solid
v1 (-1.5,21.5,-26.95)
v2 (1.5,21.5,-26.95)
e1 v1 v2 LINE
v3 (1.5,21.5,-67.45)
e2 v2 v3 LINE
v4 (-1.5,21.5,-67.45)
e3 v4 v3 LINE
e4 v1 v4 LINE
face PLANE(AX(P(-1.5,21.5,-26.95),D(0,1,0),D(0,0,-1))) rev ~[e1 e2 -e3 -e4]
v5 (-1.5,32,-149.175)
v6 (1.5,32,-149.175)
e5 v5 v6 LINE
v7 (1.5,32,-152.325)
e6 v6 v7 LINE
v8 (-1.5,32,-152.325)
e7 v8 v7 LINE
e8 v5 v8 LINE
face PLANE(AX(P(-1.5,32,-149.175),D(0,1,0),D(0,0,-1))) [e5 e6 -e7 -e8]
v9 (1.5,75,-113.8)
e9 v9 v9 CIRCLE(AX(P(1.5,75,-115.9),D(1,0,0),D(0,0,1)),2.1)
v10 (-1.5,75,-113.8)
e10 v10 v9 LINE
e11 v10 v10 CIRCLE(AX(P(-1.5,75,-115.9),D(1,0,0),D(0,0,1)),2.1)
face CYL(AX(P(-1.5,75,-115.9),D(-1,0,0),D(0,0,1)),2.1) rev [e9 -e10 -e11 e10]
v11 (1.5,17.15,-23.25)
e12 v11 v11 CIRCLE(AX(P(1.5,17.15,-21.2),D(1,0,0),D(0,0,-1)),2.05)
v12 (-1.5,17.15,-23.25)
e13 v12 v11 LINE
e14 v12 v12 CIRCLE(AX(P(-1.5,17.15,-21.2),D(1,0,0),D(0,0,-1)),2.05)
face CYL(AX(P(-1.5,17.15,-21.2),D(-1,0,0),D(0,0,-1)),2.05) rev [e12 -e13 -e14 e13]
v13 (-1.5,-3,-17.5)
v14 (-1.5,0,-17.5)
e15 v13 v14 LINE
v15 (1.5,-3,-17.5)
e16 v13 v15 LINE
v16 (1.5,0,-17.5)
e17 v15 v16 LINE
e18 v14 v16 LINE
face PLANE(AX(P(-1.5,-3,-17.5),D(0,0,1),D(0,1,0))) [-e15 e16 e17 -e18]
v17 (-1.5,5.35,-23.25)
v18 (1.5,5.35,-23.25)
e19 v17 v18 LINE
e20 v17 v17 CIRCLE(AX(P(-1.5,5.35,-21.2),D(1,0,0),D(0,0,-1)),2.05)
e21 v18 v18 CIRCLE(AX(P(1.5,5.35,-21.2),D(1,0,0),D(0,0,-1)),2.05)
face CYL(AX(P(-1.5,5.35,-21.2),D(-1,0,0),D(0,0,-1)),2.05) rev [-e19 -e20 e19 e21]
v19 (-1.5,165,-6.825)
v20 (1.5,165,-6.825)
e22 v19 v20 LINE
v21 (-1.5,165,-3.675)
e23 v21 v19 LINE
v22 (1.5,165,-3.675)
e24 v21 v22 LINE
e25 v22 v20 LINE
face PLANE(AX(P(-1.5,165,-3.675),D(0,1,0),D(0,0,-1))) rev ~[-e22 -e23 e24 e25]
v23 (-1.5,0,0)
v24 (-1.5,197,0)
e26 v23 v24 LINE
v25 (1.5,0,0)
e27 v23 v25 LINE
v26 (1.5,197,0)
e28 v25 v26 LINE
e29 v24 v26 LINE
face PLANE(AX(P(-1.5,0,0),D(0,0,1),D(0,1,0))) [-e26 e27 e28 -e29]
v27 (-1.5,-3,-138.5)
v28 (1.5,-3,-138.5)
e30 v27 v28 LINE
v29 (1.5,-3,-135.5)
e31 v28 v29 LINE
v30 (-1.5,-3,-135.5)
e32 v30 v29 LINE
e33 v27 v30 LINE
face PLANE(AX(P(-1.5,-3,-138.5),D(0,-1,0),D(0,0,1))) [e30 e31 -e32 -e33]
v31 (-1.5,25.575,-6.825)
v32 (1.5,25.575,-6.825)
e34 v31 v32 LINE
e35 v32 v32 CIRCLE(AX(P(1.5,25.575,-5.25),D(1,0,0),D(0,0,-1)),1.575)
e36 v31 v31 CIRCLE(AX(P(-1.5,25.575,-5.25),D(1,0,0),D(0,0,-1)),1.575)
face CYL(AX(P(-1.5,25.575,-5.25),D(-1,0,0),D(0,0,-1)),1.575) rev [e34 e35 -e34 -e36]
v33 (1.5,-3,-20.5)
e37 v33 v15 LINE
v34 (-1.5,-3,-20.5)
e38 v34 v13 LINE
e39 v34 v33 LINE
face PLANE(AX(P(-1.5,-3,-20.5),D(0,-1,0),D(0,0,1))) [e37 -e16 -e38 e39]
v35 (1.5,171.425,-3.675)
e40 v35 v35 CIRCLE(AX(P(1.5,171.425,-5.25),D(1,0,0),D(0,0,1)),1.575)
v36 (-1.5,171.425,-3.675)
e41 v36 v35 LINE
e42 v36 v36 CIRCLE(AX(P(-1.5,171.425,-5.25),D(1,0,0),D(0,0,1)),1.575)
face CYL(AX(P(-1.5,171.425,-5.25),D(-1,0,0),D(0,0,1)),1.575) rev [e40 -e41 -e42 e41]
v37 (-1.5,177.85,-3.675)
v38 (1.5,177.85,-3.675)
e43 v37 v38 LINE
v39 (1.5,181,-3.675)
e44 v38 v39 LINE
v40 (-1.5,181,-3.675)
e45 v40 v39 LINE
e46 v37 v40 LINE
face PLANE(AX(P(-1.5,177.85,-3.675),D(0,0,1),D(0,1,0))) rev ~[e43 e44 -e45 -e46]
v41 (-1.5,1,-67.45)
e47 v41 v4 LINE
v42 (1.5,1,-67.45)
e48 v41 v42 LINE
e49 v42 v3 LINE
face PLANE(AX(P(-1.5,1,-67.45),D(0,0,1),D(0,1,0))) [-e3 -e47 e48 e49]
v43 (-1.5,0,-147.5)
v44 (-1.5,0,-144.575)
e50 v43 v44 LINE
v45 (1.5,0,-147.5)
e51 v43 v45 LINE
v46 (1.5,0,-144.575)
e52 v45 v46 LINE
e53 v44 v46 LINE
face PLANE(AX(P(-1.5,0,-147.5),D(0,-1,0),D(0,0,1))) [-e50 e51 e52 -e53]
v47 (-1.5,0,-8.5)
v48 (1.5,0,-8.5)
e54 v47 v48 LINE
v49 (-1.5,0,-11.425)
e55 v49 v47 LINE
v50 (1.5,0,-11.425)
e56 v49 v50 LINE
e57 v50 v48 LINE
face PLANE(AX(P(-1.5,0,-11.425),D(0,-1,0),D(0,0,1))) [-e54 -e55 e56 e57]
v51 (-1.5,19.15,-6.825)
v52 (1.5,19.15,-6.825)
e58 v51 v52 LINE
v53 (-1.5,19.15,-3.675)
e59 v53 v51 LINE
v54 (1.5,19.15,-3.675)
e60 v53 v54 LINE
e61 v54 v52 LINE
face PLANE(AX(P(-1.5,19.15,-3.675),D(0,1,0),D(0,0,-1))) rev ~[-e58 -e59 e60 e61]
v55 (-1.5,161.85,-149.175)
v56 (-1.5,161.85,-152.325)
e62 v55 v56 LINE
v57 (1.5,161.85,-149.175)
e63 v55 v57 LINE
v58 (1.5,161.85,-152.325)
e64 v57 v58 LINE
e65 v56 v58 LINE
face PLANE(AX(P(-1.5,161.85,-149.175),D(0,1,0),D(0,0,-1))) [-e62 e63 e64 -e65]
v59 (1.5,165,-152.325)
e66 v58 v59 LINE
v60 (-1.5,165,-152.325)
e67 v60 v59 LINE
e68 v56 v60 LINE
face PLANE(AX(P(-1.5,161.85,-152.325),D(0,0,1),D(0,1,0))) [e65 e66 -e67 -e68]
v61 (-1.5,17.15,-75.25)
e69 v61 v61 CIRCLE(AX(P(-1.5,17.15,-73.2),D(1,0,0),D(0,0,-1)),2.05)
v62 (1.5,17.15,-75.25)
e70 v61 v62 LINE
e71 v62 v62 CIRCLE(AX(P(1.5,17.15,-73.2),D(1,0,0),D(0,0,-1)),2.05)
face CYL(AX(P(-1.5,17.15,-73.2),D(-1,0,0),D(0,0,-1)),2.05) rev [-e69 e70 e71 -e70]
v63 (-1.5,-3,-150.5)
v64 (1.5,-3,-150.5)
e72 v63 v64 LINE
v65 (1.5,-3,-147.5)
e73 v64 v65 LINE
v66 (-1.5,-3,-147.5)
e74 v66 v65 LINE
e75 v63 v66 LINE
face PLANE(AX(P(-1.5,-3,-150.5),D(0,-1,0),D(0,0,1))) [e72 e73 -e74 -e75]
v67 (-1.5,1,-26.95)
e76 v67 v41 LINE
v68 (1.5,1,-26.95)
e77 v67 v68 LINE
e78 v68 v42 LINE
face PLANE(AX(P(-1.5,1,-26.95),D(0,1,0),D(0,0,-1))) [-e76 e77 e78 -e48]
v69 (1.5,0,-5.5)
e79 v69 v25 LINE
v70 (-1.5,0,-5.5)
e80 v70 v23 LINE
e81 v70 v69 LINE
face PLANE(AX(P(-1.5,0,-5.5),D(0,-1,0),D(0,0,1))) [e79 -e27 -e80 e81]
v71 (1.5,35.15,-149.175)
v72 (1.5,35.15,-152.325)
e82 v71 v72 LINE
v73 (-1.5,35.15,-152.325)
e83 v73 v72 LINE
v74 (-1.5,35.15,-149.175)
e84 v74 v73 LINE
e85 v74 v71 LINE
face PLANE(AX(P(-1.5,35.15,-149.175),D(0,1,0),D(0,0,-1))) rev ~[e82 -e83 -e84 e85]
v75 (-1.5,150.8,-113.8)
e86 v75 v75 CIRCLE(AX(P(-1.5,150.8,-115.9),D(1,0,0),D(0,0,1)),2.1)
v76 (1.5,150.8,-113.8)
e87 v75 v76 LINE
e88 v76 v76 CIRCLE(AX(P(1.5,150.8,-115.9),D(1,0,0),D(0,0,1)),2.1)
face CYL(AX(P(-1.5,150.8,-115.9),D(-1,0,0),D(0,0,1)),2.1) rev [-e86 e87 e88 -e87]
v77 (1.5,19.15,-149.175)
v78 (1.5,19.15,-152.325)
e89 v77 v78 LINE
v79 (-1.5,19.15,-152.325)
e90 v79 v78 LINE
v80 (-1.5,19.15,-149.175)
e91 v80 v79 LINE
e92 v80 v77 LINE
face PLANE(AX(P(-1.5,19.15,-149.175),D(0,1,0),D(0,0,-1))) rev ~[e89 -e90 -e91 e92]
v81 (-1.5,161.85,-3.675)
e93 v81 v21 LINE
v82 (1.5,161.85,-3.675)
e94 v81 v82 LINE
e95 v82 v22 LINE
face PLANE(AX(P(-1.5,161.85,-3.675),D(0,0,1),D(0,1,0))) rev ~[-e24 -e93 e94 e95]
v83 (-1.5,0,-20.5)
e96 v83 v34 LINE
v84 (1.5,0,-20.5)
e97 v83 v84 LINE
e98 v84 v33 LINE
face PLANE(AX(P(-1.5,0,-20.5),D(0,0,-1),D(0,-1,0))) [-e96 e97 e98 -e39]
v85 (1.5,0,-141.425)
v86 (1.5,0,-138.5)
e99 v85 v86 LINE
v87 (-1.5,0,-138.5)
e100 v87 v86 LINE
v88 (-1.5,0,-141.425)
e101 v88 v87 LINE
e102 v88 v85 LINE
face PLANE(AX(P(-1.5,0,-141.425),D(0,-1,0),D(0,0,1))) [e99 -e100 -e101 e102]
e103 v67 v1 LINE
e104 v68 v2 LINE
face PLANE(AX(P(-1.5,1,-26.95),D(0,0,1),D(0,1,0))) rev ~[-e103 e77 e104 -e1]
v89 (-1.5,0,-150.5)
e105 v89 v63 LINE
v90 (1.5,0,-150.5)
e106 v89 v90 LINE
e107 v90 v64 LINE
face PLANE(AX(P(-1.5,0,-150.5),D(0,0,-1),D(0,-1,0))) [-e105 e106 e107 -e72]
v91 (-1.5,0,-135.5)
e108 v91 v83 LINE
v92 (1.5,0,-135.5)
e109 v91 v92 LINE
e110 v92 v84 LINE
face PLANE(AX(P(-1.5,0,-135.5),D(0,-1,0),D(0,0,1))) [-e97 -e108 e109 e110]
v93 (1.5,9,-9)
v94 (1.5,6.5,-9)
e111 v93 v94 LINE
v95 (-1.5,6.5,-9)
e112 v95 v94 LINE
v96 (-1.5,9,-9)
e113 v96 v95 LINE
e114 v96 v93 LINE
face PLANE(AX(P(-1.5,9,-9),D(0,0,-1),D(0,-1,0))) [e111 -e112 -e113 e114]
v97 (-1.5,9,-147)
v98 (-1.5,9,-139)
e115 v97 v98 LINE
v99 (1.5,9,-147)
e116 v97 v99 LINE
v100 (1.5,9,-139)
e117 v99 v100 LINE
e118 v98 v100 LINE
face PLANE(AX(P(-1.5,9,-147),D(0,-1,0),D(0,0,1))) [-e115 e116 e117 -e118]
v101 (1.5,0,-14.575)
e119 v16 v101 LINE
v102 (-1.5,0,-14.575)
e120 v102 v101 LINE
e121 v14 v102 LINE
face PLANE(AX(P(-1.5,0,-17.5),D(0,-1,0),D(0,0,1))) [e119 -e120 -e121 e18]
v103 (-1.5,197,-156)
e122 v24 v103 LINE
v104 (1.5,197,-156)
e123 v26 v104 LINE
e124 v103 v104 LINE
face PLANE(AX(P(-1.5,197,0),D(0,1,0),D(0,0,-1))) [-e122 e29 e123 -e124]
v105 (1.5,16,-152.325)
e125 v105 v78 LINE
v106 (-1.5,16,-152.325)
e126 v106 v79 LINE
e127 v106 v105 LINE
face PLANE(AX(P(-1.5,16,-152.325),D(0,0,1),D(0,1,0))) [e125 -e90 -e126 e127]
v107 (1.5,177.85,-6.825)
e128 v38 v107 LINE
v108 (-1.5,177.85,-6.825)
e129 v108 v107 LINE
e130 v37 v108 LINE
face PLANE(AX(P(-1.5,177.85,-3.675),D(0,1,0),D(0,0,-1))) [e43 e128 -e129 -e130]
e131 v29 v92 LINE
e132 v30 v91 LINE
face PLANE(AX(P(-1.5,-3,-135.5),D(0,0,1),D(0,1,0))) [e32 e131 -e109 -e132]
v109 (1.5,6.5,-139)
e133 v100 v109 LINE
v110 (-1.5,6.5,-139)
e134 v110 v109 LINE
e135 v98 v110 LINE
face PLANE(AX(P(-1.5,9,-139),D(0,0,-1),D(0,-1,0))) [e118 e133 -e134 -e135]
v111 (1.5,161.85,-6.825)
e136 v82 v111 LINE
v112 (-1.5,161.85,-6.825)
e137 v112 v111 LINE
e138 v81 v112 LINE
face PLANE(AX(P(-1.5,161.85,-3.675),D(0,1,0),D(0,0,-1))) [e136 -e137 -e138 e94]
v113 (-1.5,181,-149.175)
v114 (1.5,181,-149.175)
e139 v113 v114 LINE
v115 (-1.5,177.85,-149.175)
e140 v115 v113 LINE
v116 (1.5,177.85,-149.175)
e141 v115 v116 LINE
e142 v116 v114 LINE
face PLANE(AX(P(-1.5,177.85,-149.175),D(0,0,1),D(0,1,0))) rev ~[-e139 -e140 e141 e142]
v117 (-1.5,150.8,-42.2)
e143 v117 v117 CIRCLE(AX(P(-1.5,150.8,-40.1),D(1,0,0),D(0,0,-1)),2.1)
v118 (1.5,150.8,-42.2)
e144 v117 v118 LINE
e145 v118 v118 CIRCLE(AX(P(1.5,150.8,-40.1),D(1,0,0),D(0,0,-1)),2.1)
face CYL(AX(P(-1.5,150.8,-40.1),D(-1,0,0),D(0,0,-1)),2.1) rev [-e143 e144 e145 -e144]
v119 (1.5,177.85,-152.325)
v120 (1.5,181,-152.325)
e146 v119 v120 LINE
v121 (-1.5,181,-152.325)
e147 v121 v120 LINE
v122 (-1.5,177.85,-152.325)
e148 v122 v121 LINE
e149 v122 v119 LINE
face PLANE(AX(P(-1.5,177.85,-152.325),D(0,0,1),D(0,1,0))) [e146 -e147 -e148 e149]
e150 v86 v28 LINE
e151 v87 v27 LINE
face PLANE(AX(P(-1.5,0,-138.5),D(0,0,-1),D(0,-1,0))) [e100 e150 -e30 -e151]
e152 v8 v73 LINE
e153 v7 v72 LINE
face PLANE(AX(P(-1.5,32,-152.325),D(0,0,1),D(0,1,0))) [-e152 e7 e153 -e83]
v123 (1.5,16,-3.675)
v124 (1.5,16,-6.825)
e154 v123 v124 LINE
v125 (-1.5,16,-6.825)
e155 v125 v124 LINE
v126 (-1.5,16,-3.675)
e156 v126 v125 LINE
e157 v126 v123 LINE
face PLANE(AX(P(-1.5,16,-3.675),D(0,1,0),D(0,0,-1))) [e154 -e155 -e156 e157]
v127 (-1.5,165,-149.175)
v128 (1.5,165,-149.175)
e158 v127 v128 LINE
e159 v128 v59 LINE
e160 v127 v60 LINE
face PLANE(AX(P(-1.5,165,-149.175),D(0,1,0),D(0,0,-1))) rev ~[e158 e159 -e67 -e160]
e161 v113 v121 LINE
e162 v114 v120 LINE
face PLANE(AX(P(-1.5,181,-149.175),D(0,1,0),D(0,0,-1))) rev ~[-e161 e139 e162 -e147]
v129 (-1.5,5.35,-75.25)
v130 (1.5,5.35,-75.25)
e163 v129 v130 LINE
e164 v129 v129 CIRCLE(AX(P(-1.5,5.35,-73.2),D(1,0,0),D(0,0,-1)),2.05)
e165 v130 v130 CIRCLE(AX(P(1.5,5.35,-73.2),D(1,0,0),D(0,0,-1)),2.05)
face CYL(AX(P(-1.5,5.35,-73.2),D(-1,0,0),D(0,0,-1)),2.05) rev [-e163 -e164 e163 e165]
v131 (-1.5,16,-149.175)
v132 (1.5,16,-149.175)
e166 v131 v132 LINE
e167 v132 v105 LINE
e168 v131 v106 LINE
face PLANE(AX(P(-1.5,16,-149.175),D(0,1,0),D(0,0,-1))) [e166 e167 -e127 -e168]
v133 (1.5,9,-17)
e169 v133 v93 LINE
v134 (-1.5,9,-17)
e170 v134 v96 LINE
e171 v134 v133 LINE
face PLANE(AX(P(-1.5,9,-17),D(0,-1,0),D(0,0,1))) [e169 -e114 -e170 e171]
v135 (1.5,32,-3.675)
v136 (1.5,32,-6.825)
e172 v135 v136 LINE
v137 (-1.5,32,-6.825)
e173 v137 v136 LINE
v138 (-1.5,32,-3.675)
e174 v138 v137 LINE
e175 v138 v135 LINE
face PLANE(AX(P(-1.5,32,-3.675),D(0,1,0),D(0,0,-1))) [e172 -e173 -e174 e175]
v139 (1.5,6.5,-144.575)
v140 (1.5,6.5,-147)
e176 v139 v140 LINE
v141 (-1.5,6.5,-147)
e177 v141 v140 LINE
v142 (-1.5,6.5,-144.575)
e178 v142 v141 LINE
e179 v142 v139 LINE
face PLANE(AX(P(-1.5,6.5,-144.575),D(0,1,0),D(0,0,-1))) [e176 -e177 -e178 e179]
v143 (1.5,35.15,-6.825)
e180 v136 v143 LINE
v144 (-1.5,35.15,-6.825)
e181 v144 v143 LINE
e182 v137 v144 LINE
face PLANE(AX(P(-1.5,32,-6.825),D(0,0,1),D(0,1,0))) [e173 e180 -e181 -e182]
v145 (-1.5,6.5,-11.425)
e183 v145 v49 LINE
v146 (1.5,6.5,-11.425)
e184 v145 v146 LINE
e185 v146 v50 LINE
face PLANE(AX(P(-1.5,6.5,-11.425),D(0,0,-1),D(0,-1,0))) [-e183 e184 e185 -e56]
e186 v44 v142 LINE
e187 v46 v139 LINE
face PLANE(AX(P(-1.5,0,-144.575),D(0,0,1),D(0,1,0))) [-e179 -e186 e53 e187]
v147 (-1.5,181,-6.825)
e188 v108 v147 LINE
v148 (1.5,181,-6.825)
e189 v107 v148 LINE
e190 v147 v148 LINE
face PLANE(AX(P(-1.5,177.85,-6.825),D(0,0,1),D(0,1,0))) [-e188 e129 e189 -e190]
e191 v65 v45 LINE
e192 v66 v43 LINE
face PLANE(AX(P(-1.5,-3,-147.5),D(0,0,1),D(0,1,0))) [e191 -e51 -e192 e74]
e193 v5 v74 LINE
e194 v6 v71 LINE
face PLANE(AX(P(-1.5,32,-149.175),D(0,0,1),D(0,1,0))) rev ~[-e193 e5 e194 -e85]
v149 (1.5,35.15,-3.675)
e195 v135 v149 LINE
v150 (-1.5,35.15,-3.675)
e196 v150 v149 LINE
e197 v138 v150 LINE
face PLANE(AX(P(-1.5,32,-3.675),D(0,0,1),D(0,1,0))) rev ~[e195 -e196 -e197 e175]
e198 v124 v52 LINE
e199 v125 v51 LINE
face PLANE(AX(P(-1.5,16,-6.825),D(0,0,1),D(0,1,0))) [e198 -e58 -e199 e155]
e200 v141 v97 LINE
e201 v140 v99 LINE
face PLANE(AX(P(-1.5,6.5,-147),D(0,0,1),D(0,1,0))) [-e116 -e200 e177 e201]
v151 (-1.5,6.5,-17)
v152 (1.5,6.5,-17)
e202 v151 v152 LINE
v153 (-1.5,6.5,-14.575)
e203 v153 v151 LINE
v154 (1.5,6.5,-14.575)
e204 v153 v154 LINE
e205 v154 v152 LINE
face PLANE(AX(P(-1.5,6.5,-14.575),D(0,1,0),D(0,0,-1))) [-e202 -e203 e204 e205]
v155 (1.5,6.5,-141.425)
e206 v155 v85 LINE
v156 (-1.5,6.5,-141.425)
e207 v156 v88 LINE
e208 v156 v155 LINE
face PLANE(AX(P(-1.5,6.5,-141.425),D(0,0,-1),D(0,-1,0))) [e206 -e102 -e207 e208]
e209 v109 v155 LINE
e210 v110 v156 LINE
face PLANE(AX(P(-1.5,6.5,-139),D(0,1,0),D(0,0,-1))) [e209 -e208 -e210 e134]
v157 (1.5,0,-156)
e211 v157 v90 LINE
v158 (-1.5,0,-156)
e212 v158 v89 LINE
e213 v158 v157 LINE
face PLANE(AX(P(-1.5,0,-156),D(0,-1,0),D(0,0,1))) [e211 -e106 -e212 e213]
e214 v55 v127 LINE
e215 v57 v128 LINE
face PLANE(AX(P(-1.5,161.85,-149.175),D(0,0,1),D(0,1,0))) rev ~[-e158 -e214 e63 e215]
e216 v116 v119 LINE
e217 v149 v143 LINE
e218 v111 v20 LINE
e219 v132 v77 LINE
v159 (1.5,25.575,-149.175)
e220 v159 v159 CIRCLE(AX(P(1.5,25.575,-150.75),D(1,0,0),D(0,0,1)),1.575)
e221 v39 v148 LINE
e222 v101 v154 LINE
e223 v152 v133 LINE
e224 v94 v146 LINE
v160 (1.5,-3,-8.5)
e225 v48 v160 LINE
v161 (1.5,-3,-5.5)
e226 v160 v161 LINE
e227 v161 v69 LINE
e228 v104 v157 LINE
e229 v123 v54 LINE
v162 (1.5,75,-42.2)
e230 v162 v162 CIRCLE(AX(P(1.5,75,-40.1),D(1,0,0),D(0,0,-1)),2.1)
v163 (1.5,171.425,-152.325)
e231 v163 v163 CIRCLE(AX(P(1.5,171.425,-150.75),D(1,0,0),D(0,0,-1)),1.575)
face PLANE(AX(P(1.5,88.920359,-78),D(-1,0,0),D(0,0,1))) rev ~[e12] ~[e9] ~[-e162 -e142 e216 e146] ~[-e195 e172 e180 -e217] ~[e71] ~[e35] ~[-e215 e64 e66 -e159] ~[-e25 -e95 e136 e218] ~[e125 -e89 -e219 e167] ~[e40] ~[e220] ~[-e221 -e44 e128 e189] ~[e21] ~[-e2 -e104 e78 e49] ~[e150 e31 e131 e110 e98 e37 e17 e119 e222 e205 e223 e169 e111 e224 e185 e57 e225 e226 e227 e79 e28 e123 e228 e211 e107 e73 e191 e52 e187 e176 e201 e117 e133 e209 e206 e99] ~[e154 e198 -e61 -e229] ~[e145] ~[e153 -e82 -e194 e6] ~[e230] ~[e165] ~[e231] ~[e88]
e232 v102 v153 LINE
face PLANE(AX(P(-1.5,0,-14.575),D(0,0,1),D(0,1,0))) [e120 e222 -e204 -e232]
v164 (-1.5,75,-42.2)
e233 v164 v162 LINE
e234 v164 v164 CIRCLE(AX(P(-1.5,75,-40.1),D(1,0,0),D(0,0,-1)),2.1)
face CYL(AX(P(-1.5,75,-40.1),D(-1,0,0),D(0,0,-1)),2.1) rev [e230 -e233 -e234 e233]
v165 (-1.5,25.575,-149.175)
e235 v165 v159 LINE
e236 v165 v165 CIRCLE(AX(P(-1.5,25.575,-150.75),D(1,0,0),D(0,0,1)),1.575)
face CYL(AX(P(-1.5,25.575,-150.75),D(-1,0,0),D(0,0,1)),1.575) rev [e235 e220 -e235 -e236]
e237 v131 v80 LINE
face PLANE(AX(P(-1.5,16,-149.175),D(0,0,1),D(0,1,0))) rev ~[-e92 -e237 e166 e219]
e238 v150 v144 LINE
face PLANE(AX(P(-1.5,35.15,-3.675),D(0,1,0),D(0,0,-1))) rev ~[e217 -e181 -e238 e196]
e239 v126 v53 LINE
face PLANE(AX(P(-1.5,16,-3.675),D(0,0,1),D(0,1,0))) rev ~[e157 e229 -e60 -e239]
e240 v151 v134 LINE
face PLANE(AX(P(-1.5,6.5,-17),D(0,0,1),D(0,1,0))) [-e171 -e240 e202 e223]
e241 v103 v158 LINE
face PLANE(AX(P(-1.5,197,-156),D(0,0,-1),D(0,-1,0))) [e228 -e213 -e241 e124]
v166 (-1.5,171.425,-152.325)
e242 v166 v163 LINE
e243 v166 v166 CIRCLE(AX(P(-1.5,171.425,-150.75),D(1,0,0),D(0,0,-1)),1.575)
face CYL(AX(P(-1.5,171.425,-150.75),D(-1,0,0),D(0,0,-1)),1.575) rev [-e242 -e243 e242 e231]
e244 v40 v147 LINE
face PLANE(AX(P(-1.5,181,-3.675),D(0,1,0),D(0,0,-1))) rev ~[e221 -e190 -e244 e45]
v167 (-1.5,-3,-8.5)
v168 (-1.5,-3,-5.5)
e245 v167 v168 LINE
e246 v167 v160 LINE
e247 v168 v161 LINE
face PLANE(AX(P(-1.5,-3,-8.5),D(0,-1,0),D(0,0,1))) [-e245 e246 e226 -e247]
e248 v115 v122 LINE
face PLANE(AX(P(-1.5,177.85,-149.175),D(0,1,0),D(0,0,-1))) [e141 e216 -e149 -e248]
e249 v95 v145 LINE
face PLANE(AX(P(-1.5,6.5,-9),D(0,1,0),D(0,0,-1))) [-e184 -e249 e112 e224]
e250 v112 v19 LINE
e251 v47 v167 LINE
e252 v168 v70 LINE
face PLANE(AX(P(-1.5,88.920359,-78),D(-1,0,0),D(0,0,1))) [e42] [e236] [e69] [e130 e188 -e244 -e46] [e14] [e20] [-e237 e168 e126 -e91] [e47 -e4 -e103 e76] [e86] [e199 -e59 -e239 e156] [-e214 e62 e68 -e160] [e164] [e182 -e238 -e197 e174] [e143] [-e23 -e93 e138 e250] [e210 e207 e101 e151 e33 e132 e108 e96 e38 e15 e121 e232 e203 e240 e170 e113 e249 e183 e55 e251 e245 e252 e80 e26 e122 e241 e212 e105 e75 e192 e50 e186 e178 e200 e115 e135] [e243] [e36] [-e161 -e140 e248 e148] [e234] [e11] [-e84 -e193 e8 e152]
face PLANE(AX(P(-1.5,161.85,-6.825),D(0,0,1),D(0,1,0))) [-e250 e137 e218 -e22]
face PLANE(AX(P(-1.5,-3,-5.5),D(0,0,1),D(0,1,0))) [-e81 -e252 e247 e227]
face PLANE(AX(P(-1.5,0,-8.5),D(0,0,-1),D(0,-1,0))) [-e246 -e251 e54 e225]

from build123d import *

# Parameters (mm, degrees)
BOSS_EXTRUDE2_DEPTH      = 1.5
BOSS_EXTRUDE2_DEPTH_BACK = 1.5
SKETCH1_R                = 1.575
SKETCH1_R_2              = 2.05
SKETCH1_R_3              = 2.1
SKETCH1_W                = 40.5
SKETCH1_H                = 20.499999995
SKETCH1_W_2              = 3.15
SKETCH1_H_2              = 3.15


with BuildPart() as part:
    # Sketch1 → Boss-Extrude2 (new, two sides: drawn at the far end of the back side and taken through both)
    with BuildSketch(Plane(origin=(0, 0, 0), x_dir=(0, 0, -1), z_dir=(1, 0, 0)).offset(-BOSS_EXTRUDE2_DEPTH_BACK)):
        Polygon((11.425, 0), (8.5, 0), (8.5, -3), (5.5, -3), (5.5, 0), (0, 0), (0, 197), (156, 197), (156, 0), (150.5, 0), (150.5, -3), (147.5, -3), (147.5, 0), (144.575, 0), (144.575, 6.5), (147, 6.5), (147, 9), (139, 9), (139, 6.5), (141.425, 6.5), (141.425, 0), (138.5, 0), (138.5, -3), (135.5, -3), (135.5, 0), (20.5, 0), (20.5, -3), (17.5, -3), (17.5, 0), (14.575, 0), (14.575, 6.5), (17, 6.5), (17, 9), (9, 9), (9, 6.5), (11.425, 6.5), align=None)
        with Locations((5.25, 25.575)):
            Circle(SKETCH1_R, mode=Mode.SUBTRACT)
        with Locations((5.25, 171.425)):
            Circle(SKETCH1_R, mode=Mode.SUBTRACT)
        with Locations((150.75, 171.425)):
            Circle(SKETCH1_R, mode=Mode.SUBTRACT)
        with Locations((150.75, 25.575)):
            Circle(SKETCH1_R, mode=Mode.SUBTRACT)
        with Locations((73.2, 5.35)):
            Circle(SKETCH1_R_2, mode=Mode.SUBTRACT)
        with Locations((73.2, 17.149999995)):
            Circle(SKETCH1_R_2, mode=Mode.SUBTRACT)
        with Locations((21.2, 5.35)):
            Circle(SKETCH1_R_2, mode=Mode.SUBTRACT)
        with Locations((21.2, 17.149999995)):
            Circle(SKETCH1_R_2, mode=Mode.SUBTRACT)
        with Locations((40.1, 75)):
            Circle(SKETCH1_R_3, mode=Mode.SUBTRACT)
        with Locations((40.1, 150.8)):
            Circle(SKETCH1_R_3, mode=Mode.SUBTRACT)
        with Locations((115.9, 75)):
            Circle(SKETCH1_R_3, mode=Mode.SUBTRACT)
        with Locations((115.9, 150.8)):
            Circle(SKETCH1_R_3, mode=Mode.SUBTRACT)
        with Locations((47.2, 11.249999997)):
            Rectangle(SKETCH1_W, SKETCH1_H, mode=Mode.SUBTRACT)
        with Locations((5.25, 17.575)):
            Rectangle(SKETCH1_W_2, SKETCH1_H_2, mode=Mode.SUBTRACT)
        with Locations((5.25, 33.575)):
            Rectangle(SKETCH1_W_2, SKETCH1_H_2, mode=Mode.SUBTRACT)
        with Locations((5.25, 163.425)):
            Rectangle(SKETCH1_W_2, SKETCH1_H_2, mode=Mode.SUBTRACT)
        with Locations((5.25, 179.425)):
            Rectangle(SKETCH1_W_2, SKETCH1_H_2, mode=Mode.SUBTRACT)
        with Locations((150.75, 179.425)):
            Rectangle(SKETCH1_W_2, SKETCH1_H_2, mode=Mode.SUBTRACT)
        with Locations((150.75, 163.425)):
            Rectangle(SKETCH1_W_2, SKETCH1_H_2, mode=Mode.SUBTRACT)
        with Locations((150.75, 33.575)):
            Rectangle(SKETCH1_W_2, SKETCH1_H_2, mode=Mode.SUBTRACT)
        with Locations((150.75, 17.575)):
            Rectangle(SKETCH1_W_2, SKETCH1_H_2, mode=Mode.SUBTRACT)
    extrude(amount=BOSS_EXTRUDE2_DEPTH + BOSS_EXTRUDE2_DEPTH_BACK)


solid = part.part
